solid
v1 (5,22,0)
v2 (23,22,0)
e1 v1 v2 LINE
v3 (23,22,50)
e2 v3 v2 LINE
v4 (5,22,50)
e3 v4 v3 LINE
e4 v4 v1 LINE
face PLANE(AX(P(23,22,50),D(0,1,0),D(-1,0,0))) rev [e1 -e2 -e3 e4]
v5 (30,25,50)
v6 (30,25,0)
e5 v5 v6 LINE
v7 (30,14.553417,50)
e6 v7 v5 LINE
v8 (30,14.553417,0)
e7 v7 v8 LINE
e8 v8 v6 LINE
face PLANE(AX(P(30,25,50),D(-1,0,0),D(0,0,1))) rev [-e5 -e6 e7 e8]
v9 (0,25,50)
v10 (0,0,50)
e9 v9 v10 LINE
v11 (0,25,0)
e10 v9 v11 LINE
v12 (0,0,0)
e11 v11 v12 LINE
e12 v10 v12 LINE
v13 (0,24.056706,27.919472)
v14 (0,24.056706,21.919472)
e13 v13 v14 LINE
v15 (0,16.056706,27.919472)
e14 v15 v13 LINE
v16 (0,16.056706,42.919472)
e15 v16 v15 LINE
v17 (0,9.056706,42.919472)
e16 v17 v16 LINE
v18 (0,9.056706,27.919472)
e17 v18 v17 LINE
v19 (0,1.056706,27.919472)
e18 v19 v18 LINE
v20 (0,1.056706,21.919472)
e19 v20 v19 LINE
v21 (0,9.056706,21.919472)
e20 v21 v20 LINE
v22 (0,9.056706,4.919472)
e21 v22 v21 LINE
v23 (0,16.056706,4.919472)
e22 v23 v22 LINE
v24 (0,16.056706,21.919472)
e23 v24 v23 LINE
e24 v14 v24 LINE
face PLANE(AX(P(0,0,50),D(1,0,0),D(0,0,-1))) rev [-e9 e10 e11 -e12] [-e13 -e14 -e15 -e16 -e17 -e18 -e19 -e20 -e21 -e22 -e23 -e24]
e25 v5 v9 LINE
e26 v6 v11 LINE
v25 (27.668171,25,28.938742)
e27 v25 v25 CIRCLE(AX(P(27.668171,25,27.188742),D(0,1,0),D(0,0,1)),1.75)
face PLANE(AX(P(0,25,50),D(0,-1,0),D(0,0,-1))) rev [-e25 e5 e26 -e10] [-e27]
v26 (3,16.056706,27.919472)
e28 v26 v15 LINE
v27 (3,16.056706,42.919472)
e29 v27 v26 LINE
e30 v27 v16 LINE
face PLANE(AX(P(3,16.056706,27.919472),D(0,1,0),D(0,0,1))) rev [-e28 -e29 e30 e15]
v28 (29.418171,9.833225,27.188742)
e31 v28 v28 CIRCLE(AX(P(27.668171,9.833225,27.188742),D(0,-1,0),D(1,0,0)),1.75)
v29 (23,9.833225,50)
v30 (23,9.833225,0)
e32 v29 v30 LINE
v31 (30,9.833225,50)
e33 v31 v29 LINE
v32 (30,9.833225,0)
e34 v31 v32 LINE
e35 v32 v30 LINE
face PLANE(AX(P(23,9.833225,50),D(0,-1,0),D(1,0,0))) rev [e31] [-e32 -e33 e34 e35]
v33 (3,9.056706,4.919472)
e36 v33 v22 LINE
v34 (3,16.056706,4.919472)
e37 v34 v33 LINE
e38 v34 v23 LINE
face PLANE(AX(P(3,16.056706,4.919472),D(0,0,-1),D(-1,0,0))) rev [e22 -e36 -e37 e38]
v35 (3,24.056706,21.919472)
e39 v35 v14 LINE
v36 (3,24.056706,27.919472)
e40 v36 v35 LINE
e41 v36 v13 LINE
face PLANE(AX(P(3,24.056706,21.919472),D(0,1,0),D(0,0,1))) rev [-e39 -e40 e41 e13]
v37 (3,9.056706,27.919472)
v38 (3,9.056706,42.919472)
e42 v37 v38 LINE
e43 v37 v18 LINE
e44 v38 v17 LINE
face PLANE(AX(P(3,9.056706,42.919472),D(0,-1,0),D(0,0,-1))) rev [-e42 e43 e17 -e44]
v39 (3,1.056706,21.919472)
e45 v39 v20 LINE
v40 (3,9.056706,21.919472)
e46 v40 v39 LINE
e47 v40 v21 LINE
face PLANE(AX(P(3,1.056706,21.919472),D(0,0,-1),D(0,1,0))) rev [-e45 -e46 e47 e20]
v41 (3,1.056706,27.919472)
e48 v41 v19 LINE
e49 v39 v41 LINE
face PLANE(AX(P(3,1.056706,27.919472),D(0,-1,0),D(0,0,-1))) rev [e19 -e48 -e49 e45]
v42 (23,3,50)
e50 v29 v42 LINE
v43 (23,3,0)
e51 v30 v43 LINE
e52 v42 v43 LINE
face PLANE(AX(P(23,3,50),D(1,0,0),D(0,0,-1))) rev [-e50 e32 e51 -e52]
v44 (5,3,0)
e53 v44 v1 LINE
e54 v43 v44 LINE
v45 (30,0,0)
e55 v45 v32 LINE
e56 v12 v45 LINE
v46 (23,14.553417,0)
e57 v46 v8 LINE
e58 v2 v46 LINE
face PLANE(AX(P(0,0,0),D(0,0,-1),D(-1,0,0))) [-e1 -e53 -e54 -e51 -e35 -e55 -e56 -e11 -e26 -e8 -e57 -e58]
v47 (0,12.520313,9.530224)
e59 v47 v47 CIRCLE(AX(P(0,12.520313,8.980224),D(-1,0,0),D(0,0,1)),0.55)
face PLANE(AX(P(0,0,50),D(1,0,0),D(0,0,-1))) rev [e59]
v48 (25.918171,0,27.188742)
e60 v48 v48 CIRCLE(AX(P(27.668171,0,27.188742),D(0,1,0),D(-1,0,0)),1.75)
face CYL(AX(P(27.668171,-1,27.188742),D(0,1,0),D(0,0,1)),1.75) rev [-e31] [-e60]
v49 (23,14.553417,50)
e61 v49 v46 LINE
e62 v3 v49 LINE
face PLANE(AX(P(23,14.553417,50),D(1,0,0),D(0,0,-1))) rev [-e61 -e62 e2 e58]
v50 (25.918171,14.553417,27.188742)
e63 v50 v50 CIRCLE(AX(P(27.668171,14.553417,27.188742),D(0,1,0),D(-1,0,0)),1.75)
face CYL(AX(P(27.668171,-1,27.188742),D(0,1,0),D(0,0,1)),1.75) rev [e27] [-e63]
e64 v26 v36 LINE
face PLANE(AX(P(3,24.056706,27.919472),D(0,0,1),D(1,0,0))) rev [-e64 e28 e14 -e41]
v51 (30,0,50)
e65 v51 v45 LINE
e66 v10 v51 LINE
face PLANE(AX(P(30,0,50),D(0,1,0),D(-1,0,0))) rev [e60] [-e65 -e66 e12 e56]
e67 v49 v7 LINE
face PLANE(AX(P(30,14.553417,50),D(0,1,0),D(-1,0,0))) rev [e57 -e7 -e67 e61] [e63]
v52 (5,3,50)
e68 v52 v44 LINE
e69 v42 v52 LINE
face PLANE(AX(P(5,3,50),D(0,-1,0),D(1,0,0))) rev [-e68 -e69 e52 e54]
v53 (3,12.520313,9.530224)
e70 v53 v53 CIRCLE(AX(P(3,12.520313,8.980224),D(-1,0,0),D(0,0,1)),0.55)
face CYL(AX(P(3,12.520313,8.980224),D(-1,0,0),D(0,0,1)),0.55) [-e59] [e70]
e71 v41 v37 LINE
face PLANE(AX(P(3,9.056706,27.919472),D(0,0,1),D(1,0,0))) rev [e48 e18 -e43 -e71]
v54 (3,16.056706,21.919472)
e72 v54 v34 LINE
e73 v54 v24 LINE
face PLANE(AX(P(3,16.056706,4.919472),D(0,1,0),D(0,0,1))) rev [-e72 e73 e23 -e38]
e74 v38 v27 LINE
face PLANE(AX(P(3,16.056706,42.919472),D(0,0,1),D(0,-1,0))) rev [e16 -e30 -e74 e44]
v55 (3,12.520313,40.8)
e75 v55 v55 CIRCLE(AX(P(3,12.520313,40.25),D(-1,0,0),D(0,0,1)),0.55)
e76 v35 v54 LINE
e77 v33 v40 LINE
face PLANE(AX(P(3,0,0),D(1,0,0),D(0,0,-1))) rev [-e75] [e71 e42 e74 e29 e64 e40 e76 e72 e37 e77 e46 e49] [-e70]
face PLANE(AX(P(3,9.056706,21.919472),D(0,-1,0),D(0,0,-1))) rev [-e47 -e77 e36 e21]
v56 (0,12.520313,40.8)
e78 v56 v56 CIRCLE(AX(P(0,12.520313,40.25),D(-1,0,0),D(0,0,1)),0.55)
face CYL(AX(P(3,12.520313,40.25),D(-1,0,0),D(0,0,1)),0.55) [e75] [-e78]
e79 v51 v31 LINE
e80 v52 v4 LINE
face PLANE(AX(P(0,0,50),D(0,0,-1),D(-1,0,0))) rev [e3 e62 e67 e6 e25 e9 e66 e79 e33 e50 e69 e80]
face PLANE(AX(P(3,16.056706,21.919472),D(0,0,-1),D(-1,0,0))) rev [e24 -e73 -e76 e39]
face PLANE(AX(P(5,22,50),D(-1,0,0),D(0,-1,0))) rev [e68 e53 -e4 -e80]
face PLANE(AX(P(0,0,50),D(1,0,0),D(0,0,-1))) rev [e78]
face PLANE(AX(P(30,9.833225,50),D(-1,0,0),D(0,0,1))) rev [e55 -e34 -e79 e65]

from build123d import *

# Parameters (mm, degrees)
BOSS_EXTRUDE1_DEPTH = 50
SKETCH3_R           = 0.55
CUT_EXTRUDE1_DEPTH  = 3
SKETCH4_R           = 1.75
CUT_EXTRUDE2_DEPTH  = 26


with BuildPart() as part:
    # Sketch1 → Boss-Extrude1 (new body)
    with BuildSketch(Plane.XY):
        Polygon((0, 0), (0, 25), (30, 25), (30, 14.553417219), (23, 14.553417219), (23, 22), (5, 22), (5, 3), (23, 3), (23, 9.833225485), (30, 9.833225485), (30, 0), align=None)
    extrude(amount=BOSS_EXTRUDE1_DEPTH)

    # Sketch3 → Cut-Extrude1 (cut)
    with BuildSketch(Plane.ZY):
        Polygon((4.919472148, 16.056705519), (21.919472148, 16.056705519), (21.919472148, 24.056705519), (27.919472148, 24.056705519), (27.919472148, 16.056705519), (42.919472148, 16.056705519), (42.919472148, 9.056705519), (27.919472148, 9.056705519), (27.919472148, 1.056705519), (21.919472148, 1.056705519), (21.919472148, 9.056705519), (4.919472148, 9.056705519), align=None)
        with Locations((40.25, 12.520312642)):
            Circle(SKETCH3_R, mode=Mode.SUBTRACT)
        with Locations((8.980224058, 12.520312642)):
            Circle(SKETCH3_R, mode=Mode.SUBTRACT)
    extrude(amount=-CUT_EXTRUDE1_DEPTH, mode=Mode.SUBTRACT)

    # Sketch4 → Cut-Extrude2 (cut)
    with BuildSketch(Plane(origin=(0, 25, 0), x_dir=(1, 0, 0), z_dir=(0, 1, 0))):
        with Locations((27.668171427, -27.18874166)):
            Circle(SKETCH4_R)
    extrude(amount=-CUT_EXTRUDE2_DEPTH, mode=Mode.SUBTRACT)


solid = part.part
